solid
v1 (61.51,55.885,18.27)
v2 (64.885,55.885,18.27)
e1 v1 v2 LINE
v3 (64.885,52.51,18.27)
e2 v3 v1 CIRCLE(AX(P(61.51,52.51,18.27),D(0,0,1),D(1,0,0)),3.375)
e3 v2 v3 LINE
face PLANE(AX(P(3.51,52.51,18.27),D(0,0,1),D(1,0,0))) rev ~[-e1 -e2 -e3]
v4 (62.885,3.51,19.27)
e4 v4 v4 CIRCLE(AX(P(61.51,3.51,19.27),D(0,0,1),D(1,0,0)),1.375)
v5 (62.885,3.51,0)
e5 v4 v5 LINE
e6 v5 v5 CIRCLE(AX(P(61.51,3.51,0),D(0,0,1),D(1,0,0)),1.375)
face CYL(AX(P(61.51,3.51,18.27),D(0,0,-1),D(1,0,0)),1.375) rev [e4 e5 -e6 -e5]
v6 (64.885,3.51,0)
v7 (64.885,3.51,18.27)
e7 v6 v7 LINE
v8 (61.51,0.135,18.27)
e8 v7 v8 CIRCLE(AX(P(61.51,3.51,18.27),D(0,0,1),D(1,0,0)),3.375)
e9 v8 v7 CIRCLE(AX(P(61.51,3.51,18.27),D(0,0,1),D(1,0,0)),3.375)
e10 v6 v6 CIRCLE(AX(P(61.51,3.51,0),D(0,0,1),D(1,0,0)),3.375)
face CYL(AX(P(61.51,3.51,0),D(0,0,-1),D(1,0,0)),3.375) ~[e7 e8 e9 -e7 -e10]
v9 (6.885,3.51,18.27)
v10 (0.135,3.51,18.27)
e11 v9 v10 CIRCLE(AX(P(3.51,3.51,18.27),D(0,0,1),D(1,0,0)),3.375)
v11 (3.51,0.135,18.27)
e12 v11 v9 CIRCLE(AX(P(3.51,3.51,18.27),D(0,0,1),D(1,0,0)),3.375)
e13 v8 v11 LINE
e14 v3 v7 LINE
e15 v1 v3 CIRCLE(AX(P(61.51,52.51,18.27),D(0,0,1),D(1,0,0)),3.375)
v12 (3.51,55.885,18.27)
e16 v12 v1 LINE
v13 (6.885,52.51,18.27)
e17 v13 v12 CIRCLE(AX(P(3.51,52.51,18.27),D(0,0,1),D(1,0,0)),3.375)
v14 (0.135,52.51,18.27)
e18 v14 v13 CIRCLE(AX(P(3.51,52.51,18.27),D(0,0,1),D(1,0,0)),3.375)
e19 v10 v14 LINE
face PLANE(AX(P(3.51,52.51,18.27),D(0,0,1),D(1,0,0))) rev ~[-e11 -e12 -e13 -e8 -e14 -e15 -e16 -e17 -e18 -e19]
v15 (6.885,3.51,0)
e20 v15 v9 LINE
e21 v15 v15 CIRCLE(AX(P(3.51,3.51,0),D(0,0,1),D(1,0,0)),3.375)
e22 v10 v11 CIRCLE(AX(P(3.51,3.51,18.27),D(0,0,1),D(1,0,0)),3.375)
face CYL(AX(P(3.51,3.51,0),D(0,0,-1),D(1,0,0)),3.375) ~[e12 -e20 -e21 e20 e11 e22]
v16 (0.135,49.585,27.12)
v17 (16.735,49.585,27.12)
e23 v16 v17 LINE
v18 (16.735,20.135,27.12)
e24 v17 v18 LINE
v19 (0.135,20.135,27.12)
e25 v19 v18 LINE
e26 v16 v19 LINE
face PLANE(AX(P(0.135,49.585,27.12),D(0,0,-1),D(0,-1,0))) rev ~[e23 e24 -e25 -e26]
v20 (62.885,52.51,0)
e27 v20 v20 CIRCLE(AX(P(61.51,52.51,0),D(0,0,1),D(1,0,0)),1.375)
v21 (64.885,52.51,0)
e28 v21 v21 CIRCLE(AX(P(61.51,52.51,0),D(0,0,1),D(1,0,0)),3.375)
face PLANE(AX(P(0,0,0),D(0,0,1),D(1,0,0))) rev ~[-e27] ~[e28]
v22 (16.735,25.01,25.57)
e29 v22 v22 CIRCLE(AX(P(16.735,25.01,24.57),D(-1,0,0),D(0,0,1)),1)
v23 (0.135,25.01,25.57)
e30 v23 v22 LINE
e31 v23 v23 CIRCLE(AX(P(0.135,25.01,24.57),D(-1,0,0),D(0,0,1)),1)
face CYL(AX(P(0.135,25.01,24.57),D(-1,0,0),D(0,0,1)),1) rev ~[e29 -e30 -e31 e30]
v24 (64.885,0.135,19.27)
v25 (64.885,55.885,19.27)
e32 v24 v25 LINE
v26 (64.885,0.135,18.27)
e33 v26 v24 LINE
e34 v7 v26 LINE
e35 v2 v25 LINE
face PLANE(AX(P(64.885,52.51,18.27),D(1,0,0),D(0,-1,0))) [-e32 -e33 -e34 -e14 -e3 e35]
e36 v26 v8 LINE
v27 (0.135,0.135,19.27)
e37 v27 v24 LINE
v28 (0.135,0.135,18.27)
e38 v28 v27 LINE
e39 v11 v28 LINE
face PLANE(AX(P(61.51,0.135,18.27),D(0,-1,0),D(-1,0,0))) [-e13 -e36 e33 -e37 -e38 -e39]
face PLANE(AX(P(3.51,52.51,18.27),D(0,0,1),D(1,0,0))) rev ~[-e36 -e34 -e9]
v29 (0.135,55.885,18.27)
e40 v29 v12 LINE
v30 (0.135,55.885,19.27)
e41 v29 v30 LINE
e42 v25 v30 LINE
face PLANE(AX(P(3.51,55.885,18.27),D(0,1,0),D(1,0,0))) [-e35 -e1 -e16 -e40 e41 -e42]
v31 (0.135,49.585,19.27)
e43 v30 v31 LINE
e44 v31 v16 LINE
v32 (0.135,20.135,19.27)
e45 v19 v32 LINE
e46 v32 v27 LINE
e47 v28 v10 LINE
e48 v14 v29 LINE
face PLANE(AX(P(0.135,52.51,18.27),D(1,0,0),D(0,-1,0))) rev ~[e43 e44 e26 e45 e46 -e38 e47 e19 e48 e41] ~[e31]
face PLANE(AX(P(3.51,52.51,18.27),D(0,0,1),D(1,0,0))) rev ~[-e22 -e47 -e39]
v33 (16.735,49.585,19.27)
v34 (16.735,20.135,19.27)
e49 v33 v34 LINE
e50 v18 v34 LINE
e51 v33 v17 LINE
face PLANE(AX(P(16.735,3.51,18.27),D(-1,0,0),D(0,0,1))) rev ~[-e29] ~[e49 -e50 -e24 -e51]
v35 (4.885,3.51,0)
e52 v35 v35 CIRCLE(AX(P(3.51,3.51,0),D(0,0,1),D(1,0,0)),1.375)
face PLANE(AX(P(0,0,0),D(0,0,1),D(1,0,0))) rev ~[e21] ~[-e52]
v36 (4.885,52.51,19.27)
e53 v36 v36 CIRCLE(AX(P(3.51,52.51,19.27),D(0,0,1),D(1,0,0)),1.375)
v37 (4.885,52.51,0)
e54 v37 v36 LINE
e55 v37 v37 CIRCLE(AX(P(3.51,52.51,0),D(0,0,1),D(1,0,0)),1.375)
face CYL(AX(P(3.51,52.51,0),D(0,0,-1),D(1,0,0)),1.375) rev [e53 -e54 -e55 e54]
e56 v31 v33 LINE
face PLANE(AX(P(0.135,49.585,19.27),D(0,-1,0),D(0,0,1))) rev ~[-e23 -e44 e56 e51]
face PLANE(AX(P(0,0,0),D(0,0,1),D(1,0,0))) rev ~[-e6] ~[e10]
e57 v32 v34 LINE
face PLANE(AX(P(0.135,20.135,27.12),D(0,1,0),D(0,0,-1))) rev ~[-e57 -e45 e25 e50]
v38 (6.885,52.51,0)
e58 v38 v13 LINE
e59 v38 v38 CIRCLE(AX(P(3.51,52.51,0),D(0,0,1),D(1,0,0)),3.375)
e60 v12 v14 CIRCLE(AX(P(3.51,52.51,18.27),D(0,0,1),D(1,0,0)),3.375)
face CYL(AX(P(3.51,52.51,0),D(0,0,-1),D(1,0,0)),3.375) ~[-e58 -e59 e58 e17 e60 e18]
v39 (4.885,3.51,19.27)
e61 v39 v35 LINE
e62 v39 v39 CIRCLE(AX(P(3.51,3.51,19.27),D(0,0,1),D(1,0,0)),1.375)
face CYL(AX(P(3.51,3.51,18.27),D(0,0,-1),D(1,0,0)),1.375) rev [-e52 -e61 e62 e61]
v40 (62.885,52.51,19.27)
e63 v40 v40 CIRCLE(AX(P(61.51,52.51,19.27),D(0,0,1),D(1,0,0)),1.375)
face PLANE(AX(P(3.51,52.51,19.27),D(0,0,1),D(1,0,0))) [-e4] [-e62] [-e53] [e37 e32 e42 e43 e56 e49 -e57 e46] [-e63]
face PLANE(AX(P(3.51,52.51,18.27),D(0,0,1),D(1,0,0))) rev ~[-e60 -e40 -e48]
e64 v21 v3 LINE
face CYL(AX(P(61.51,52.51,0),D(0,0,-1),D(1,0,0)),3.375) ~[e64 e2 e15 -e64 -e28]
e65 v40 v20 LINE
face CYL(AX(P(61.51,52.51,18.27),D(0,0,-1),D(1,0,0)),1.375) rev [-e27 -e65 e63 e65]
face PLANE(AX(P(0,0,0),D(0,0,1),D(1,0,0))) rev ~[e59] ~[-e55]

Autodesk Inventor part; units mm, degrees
ref_plane "YZ Plane" through (0, 0, 0) normal (1, 0, 0) x (0, 1, 0)
ref_plane "XZ Plane" through (0, 0, 0) normal (0, 1, 0) x (-1, 0, 0)
ref_plane "XY Plane" through (0, 0, 0) normal (0, 0, 1) x (1, 0, 0)
ref_plane "Work Plane1" through (0, 0, 0) normal (0, 0, 1) x (1, 0, 0)
sketch "Sketch1" plane through (0, 0, 0) normal (0, 0, 1) x (1, 0, 0)
  circle A0 centre (3.51, 3.51) radius 1.375 projected
  circle A1 centre (3.51, 52.51) radius 1.375 projected
  circle A2 centre (61.51, 3.51) radius 1.375 projected
  circle A3 centre (61.51, 52.51) radius 1.375 projected
  arc A4 (81.9342, 0.01) -> (84.9342, 3.01) centre (81.9342, 3.01) ccw projected
  line L0 (84.9342, 53.01) -> (84.9342, 3.01) projected
  arc A5 (84.9342, 53.01) -> (81.9342, 56.01) centre (81.9342, 53.01) ccw projected
  line L1 (3.01, 56.01) -> (81.9342, 56.01) projected
  arc A6 (3.01, 56.01) -> (0.01, 53.01) centre (3.01, 53.01) ccw projected
  line L2 (0.01, 3.01) -> (0.01, 53.01) projected
  arc A7 (0.01, 3.01) -> (3.01, 0.01) centre (3.01, 3.01) ccw projected
  line L3 (81.9342, 0.01) -> (3.01, 0.01) projected
  circle A8 centre (62.7211, 47.7874) radius 0.5 projected
  circle A9 centre (60.1799, 47.7874) radius 0.5 projected
  circle A10 centre (17.8493, 49.9216) radius 0.2 projected
  circle A11 centre (36.5812, 39.2893) radius 0.2 projected
  circle A12 centre (37.5476, 38.3302) radius 0.2 projected
  circle A13 centre (39.0559, 38.3448) radius 0.2 projected
  circle A14 centre (40.0809, 38.3448) radius 0.2 projected
  circle A15 centre (38.7337, 39.7432) radius 0.2 projected
  circle A16 centre (39.356, 39.8091) radius 0.2 projected
  circle A17 centre (40.0296, 39.8164) radius 0.2 projected
  circle A18 centre (40.652, 39.6993) radius 0.2 projected
  circle A19 centre (41.0117, 20.1437) radius 0.2 projected
  circle A20 centre (41.1526, 21.0771) radius 0.2 projected
  circle A21 centre (40.2016, 21.3941) radius 0.2 projected
  circle A22 centre (38.7222, 22.8029) radius 0.2 projected
  circle A23 centre (41.452, 24.5993) radius 0.2 projected
  circle A24 centre (46.094, 34.1738) radius 0.2 projected
  circle A25 centre (46.11, 35.2296) radius 0.2 projected
  circle A26 centre (48.0215, 37.8609) radius 0.2 projected
  circle A27 centre (47.3576, 38.0529) radius 0.2 projected
  circle A28 centre (47.9175, 36.9172) radius 0.2 projected
  circle A29 centre (46.8138, 36.0454) radius 0.2 projected
  line L4 (46.452, 40.0993) -> (47.1053, 40.0993) projected
  line L5 (47.1053, 39.6568) -> (47.1053, 40.0993) projected
  line L6 (47.1053, 39.6568) -> (46.452, 39.6568) projected
  line L7 (46.452, 40.0993) -> (46.452, 39.6568) projected
  line L8 (46.4251, 39.252) -> (47.1215, 39.252) projected
  line L9 (47.1215, 38.669) -> (47.1215, 39.252) projected
  line L10 (47.1215, 38.669) -> (46.4251, 38.669) projected
  line L11 (46.4251, 39.252) -> (46.4251, 38.669) projected
  circle A30 centre (12.8532, 47.0439) radius 0.2 projected
  circle A31 centre (5.3847, 46.2615) radius 0.2 projected
  circle A32 centre (5.029, 47.2573) radius 0.2 projected
  circle A33 centre (7.2696, 46.5104) radius 0.2 projected
  circle A34 centre (5.1535, 44.6611) radius 0.2 projected
  circle A35 centre (5.5447, 43.203) radius 0.2 projected
  circle A36 centre (5.7581, 42.4739) radius 0.2 projected
  circle A37 centre (14.0851, 44.6759) radius 0.2 projected
  circle A38 centre (14.166, 45.5261) radius 0.2 projected
  circle A39 centre (13.0628, 44.5342) radius 0.2 projected
  circle A40 centre (37.5714, 47.3662) radius 0.2 projected
  circle A41 centre (17.0041, 47.6564) radius 0.2 projected
  circle A42 centre (16.08, 48.5805) radius 0.2 projected
  circle A43 centre (20.2948, 49.6511) radius 0.2 projected
  circle A44 centre (19.8102, 47.3409) radius 0.2 projected
  circle A45 centre (17.7479, 46.9239) radius 0.2 projected
  circle A46 centre (18.3339, 46.2027) radius 0.2 projected
  circle A47 centre (18.1649, 45.4138) radius 0.2 projected
  circle A48 centre (18.1311, 44.7489) radius 0.2 projected
  circle A49 centre (19.3482, 45.0419) radius 0.2 projected
  circle A50 centre (22.5712, 45.549) radius 0.2 projected
  circle A51 centre (22.4585, 43.2275) radius 0.2 projected
  circle A52 centre (20.2159, 42.1457) radius 0.2 projected
  circle A53 centre (21.0611, 42.1457) radius 0.2 projected
  circle A54 centre (22.9995, 39.7903) radius 0.2 projected
  circle A55 centre (24.9716, 40.7032) radius 0.2 projected
  circle A56 centre (24.1377, 41.8527) radius 0.2 projected
  circle A57 centre (26.2225, 45.0081) radius 0.2 projected
  circle A58 centre (28.7244, 47.7917) radius 0.2 projected
  circle A59 centre (29.7799, 44.7027) radius 0.2 projected
  circle A60 centre (26.4936, 42.0617) radius 0.2 projected
  circle A61 centre (27.2653, 42.0617) radius 0.2 projected
  circle A62 centre (28.1501, 41.7889) radius 0.2 projected
  circle A63 centre (28.5891, 44.6362) radius 0.2 projected
  circle A64 centre (41.8541, 33.8303) radius 0.2 projected
  circle A65 centre (39.0881, 33.1764) radius 0.2 projected
  circle A66 centre (39.2384, 32.3947) radius 0.2 projected
  circle A67 centre (37.5172, 32.7555) radius 0.2 projected
  circle A68 centre (37.5548, 31.1696) radius 0.2 projected
  circle A69 centre (37.1489, 32.2143) radius 0.2 projected
  circle A70 centre (38.9002, 30.9591) radius 0.2 projected
  circle A71 centre (47.0528, 27.6624) radius 0.2 projected
  circle A72 centre (46.4175, 27.734) radius 0.2 projected
  circle A73 centre (45.7286, 27.6892) radius 0.2 projected
  circle A74 centre (46.8112, 29.1834) radius 0.2 projected
  circle A75 centre (45.9523, 29.1834) radius 0.2 projected
  circle A76 centre (45.8002, 30.6954) radius 0.2 projected
  circle A77 centre (39.8415, 32.4043) radius 0.2 projected
  circle A78 centre (45.1292, 30.6954) radius 0.2 projected
  circle A79 centre (44.6281, 30.1407) radius 0.2 projected
  circle A80 centre (11.6818, 11.7476) radius 0.2 projected
  circle A81 centre (9.0575, 7.6392) radius 0.2 projected
  circle A82 centre (10.5992, 8.0511) radius 0.2 projected
  circle A83 centre (9.3108, 11.4405) radius 0.2 projected
  circle A84 centre (24.4942, 19.3962) radius 0.2 projected
  circle A85 centre (23.8972, 20.7096) radius 0.2 projected
  circle A86 centre (23.7266, 21.6478) radius 0.2 projected
  circle A87 centre (20.298, 18.9527) radius 0.2 projected
  circle A88 centre (19.6328, 19.9762) radius 0.2 projected
  circle A89 centre (20.2639, 22.6201) radius 0.2 projected
  circle A90 centre (21.2191, 16.0359) radius 0.2 projected
  circle A91 centre (19.7863, 17.0082) radius 0.2 projected
  circle A92 centre (16.0388, 20.435) radius 0.2 projected
  circle A93 centre (15.5322, 21.0917) radius 0.2 projected
  circle A94 centre (15.0443, 19.9472) radius 0.2 projected
  circle A95 centre (12.8303, 17.8457) radius 0.2 projected
  circle A96 centre (12.9991, 14.1306) radius 0.2 projected
  circle A97 centre (12.8115, 21.2981) radius 0.2 projected
  circle A98 centre (10.8789, 20.754) radius 0.2 projected
  circle A99 centre (9.8657, 21.0542) radius 0.2 projected
  circle A100 centre (7.4264, 20.8478) radius 0.2 projected
  circle A101 centre (15.9825, 23.3996) radius 0.2 projected
  circle A102 centre (18.2528, 25.1446) radius 0.2 projected
  circle A103 centre (18.0464, 26.3642) radius 0.2 projected
  circle A104 centre (40.4141, 32.3685) radius 0.2 projected
  circle A105 centre (39.8773, 31.1696) radius 0.2 projected
  circle A106 centre (40.4499, 31.1875) radius 0.2 projected
  circle A107 centre (41.0404, 31.1964) radius 0.2 projected
  circle A108 centre (42.5704, 29.7112) radius 0.2 projected
  circle A109 centre (41.2194, 29.7381) radius 0.2 projected
  circle A110 centre (40.2263, 29.7381) radius 0.2 projected
  circle A111 centre (40.7362, 29.2907) radius 0.2 projected
  circle A112 centre (40.1636, 29.1655) radius 0.2 projected
  circle A113 centre (43.3487, 27.7698) radius 0.2 projected
  circle A114 centre (41.9799, 27.7966) radius 0.2 projected
  circle A115 centre (40.6647, 27.6982) radius 0.2 projected
  circle A116 centre (39.9579, 27.5908) radius 0.2 projected
  circle A117 centre (39.5373, 29.3444) radius 0.2 projected
  circle A118 centre (38.92, 29.2549) radius 0.2 projected
  circle A119 centre (37.2827, 29.6218) radius 0.2 projected
  circle A120 centre (36.0749, 28.4139) radius 0.2 projected
  circle A121 centre (29.1907, 24.3381) radius 0.2 projected
  circle A122 centre (27.6996, 24.2884) radius 0.2 projected
  circle A123 centre (28.4949, 23.0706) radius 0.2 projected
  circle A124 centre (14.427, 28.8264) radius 0.2 projected
  circle A125 centre (2.9207, 47.9664) radius 0.2 projected
  circle A126 centre (7.0703, 48.4466) radius 0.2 projected
  circle A127 centre (7.5505, 49.3039) radius 0.2 projected
  circle A128 centre (15.1467, 49.7326) radius 0.2 projected
  circle A129 centre (14.0493, 49.3897) radius 0.2 projected
  circle A130 centre (14.658, 47.5806) radius 0.2 projected
  circle A131 centre (12.3002, 49.4497) radius 0.2 projected
  circle A132 centre (7.7168, 40.9892) radius 0.2 projected
  circle A133 centre (10.4087, 42.9755) radius 0.2 projected
  circle A134 centre (10.2127, 42.4005) radius 0.2 projected
  circle A135 centre (10.6701, 41.9039) radius 0.2 projected
  circle A136 centre (10.1082, 41.3159) radius 0.2 projected
  circle A137 centre (13.9239, 42.1391) radius 0.2 projected
  circle A138 centre (14.0284, 41.4073) radius 0.2 projected
  circle A139 centre (12.0552, 41.2244) radius 0.2 projected
  circle A140 centre (12.6433, 40.8454) radius 0.2 projected
  circle A141 centre (8.5139, 32.5345) radius 0.2 projected
  circle A142 centre (8.2918, 33.0964) radius 0.2 projected
  circle A143 centre (12.8001, 34.4554) radius 0.2 projected
  circle A144 centre (13.5972, 34.4162) radius 0.2 projected
  circle A145 centre (9.5201, 36.5593) radius 0.2 projected
  circle A146 centre (7.5992, 37.0167) radius 0.2 projected
  circle A147 centre (11.8723, 39.2904) radius 0.2 projected
  circle A148 centre (12.7609, 39.8262) radius 0.2 projected
  circle A149 centre (14.1591, 39.8784) radius 0.2 projected
  circle A150 centre (14.146, 38.9376) radius 0.2 projected
  circle A151 centre (13.1784, 11.4642) radius 0.2 projected
  circle A152 centre (18.3991, 11.0833) radius 0.2 projected
  circle A153 centre (19.0937, 10.792) radius 0.2 projected
  circle A154 centre (20.819, 12.8086) radius 0.2 projected
  circle A155 centre (17.7493, 13.6152) radius 0.2 projected
  circle A156 centre (16.6962, 13.5928) radius 0.2 projected
  circle A157 centre (3.9784, 11.7596) radius 0.2 projected
  circle A158 centre (4.865, 11.9936) radius 0.2 projected
  circle A159 centre (1.0352, 16.5993) radius 0.2 projected
  circle A160 centre (0.9613, 17.3874) radius 0.2 projected
  circle A161 centre (1.0967, 19.5917) radius 0.2 projected
  circle A162 centre (6.3428, 16.5008) radius 0.2 projected
  circle A163 centre (6.3551, 17.8923) radius 0.2 projected
  circle A164 centre (7.1076, 30.2668) radius 0.2 projected
  circle A165 centre (7.0255, 27.339) radius 0.2 projected
  circle A166 centre (7.0392, 24.3017) radius 0.2 projected
  circle A167 centre (10.8426, 27.3527) radius 0.2 projected
  circle A168 centre (7.2488, 32.9091) radius 0.2 projected
  circle A169 centre (9.1368, 34.4688) radius 0.2 projected
  circle A170 centre (14.1852, 37.9575) radius 0.2 projected
  circle A171 centre (14.0758, 37.0956) radius 0.2 projected
  circle A172 centre (14.1579, 36.4799) radius 0.2 projected
  circle A173 centre (18.4675, 36.261) radius 0.2 projected
  circle A174 centre (19.2676, 35.2967) radius 0.2 projected
  circle A175 centre (13.3428, 33.2614) radius 0.2 projected
  circle A176 centre (13.4898, 32.4473) radius 0.2 projected
  circle A177 centre (12.6898, 32.1644) radius 0.2 projected
  circle A178 centre (11.4913, 31.1129) radius 0.2 projected
  circle A179 centre (16.4974, 28.75) radius 0.2 projected
  circle A180 centre (11.6806, 26.3755) radius 0.2 projected
  circle A181 centre (11.8276, 27.3253) radius 0.2 projected
  circle A182 centre (13.8092, 30.8641) radius 0.2 projected
  circle A183 centre (13.7407, 30.1903) radius 0.2 projected
  circle A184 centre (13.6493, 28.7855) radius 0.2 projected
  circle A185 centre (13.7635, 26.5013) radius 0.2 projected
  circle A186 centre (13.7064, 27.3236) radius 0.2 projected
  circle A187 centre (18.0693, 28.8654) radius 0.2 projected
  circle A188 centre (18.2749, 27.1865) radius 0.2 projected
  circle A189 centre (18.4233, 25.7475) radius 0.2 projected
  circle A190 centre (42.354, 45.4661) radius 0.2 projected
  circle A191 centre (43.2414, 45.549) radius 0.2 projected
  circle A192 centre (44.1537, 45.5573) radius 0.2 projected
  circle A193 centre (40.3139, 42.522) radius 0.2 projected
  circle A194 centre (42.8516, 41.6098) radius 0.2 projected
  circle A195 centre (39.4431, 43.6167) radius 0.2 projected
  circle A196 centre (40.3968, 43.5835) radius 0.2 projected
  circle A197 centre (41.5081, 43.6001) radius 0.2 projected
  circle A198 centre (84.1123, 38.0141) radius 0.2 projected
  circle A199 centre (79.6259, 38.2091) radius 0.2 projected
  circle A200 centre (48.1699, 12.8899) radius 0.2 projected
  circle A201 centre (65.0598, 17.0332) radius 0.2 projected
  circle A202 centre (64.2609, 17.846) radius 0.2 projected
  circle A203 centre (68.3812, 24.4748) radius 0.2 projected
  circle A204 centre (68.2971, 22.3026) radius 0.2 projected
  circle A205 centre (67.4983, 20.5227) radius 0.2 projected
  circle A206 centre (64.4571, 24.9933) radius 0.2 projected
  circle A207 centre (63.364, 22.1204) radius 0.2 projected
  circle A208 centre (53.5119, 27.0534) radius 0.2 projected
  circle A209 centre (55.3618, 26.0164) radius 0.2 projected
  circle A210 centre (56.1186, 28.6511) radius 0.2 projected
  circle A211 centre (57.0435, 28.609) radius 0.2 projected
  circle A212 centre (58.5431, 28.4549) radius 0.2 projected
  circle A213 centre (60.0706, 28.525) radius 0.2 projected
  circle A214 centre (60.7777, 25.9208) radius 0.2 projected
  circle A215 centre (61.0198, 26.5324) radius 0.2 projected
  circle A216 centre (62.0645, 25.8953) radius 0.2 projected
  circle A217 centre (61.7333, 26.4559) radius 0.2 projected
  circle A218 centre (61.7842, 28.5199) radius 0.2 projected
  circle A219 centre (62.6123, 28.5199) radius 0.2 projected
  circle A220 centre (63.6443, 28.609) radius 0.2 projected
  circle A221 centre (64.4229, 28.4392) radius 0.2 projected
  circle A222 centre (65.1448, 32.1056) radius 0.2 projected
  circle A223 centre (65.1732, 34.6395) radius 0.2 projected
  circle A224 centre (65.4563, 35.2765) radius 0.2 projected
  circle A225 centre (65.1448, 37.2159) radius 0.2 projected
  circle A226 centre (64.9891, 38.1502) radius 0.2 projected
  circle A227 centre (63.6585, 39.2402) radius 0.2 projected
  circle A228 centre (62.5543, 40.4151) radius 0.2 projected
  circle A229 centre (60.2327, 40.3868) radius 0.2 projected
  circle A230 centre (55.0516, 40.2452) radius 0.2 projected
  circle A231 centre (49.2898, 45.5976) radius 0.2 projected
  circle A232 centre (47.7592, 43.8525) radius 0.2 projected
  circle A233 centre (45.1074, 43.3845) radius 0.2 projected
  circle A234 centre (47.6032, 41.8636) radius 0.2 projected
  circle A235 centre (47.8469, 41.1909) radius 0.2 projected
  circle A236 centre (46.5503, 40.7327) radius 0.2 projected
  circle A237 centre (45.9653, 40.1088) radius 0.2 projected
  circle A238 centre (44.2982, 39.7578) radius 0.2 projected
  circle A239 centre (43.6547, 39.709) radius 0.2 projected
  circle A240 centre (45.162, 36.0312) radius 0.2 projected
  circle A241 centre (43.4561, 36.6901) radius 0.2 projected
  circle A242 centre (42.702, 36.0385) radius 0.2 projected
  circle A243 centre (37.7966, 35.2917) radius 0.2 projected
  circle A244 centre (40.0589, 34.684) radius 0.2 projected
  circle A245 centre (39.195, 35.1892) radius 0.2 projected
  circle A246 centre (40.1102, 35.2551) radius 0.2 projected
  circle A247 centre (38.8875, 36.2069) radius 0.2 projected
  circle A248 centre (39.4952, 36.3899) radius 0.2 projected
  circle A249 centre (40.4762, 36.324) radius 0.2 projected
  circle A250 centre (40.1687, 36.8658) radius 0.2 projected
  circle A251 centre (40.8863, 36.9683) radius 0.2 projected
  circle A252 centre (42.5702, 37.986) radius 0.2 projected
  circle A253 centre (40.3225, 37.4589) radius 0.2 projected
  circle A254 centre (37.5989, 36.756) radius 0.2 projected
  circle A255 centre (42.5556, 37.166) radius 0.2 projected
  circle A256 centre (39.0485, 37.5101) radius 0.2 projected
  circle A257 centre (11.5458, 48.2837) radius 0.2 projected
  circle A258 centre (11.6829, 47.1262) radius 0.2 projected
  circle A259 centre (12.1519, 45.2427) radius 0.2 projected
  circle A260 centre (12.1872, 44.2312) radius 0.2 projected
  circle A261 centre (11.2111, 44.243) radius 0.2 projected
  circle A262 centre (8.365, 45.4544) radius 0.2 projected
  circle A263 centre (8.4002, 44.8663) radius 0.2 projected
  circle A264 centre (8.2238, 43.8431) radius 0.2 projected
  circle A265 centre (5.9893, 41.6203) radius 0.2 projected
  circle A266 centre (11.9376, 38.0098) radius 0.2 projected
  circle A267 centre (11.6632, 36.4155) radius 0.2 projected
  circle A268 centre (6.789, 41.8908) radius 0.2 projected
  circle A269 centre (7.4947, 41.9039) radius 0.2 projected
  circle A270 centre (6.5277, 40.179) radius 0.2 projected
  circle A271 centre (6.5669, 39.3688) radius 0.2 projected
  circle A272 centre (7.0373, 38.5586) radius 0.2 projected
  circle A273 centre (7.7037, 39.3035) radius 0.2 projected
  circle A274 centre (8.723, 40.4926) radius 0.2 projected
  circle A275 centre (8.344, 39.5779) radius 0.2 projected
  circle A276 centre (7.8736, 40.2182) radius 0.2 projected
  circle A277 centre (29.1549, 13.7915) radius 0.2 projected
  circle A278 centre (27.3819, 14.6837) radius 0.2 projected
  circle A279 centre (29.0062, 15.6674) radius 0.2 projected
  circle A280 centre (29.0977, 14.5922) radius 0.2 projected
  circle A281 centre (29.052, 12.8993) radius 0.2 projected
  circle A282 centre (26.1923, 13.883) radius 0.2 projected
  circle A283 centre (25.5517, 17.4176) radius 0.2 projected
  circle A284 centre (19.1306, 7.859) radius 0.2 projected
  circle A285 centre (22.4633, 13.0937) radius 0.2 projected
  circle A286 centre (22.052, 4.6993) radius 0.2 projected
  circle A287 centre (23.0683, 2.2713) radius 0.2 projected
  circle A288 centre (22.9648, 1.2738) radius 0.2 projected
  circle A289 centre (20.7156, 1.2832) radius 0.2 projected
  circle A290 centre (18.9182, 1.2173) radius 0.2 projected
  circle A291 centre (20.5745, 4.8781) radius 0.2 projected
  circle A292 centre (17.0737, 4.0311) radius 0.2 projected
  circle A293 centre (20.1698, 6.2332) radius 0.2 projected
  circle A294 centre (16.2361, 4.1911) radius 0.2 projected
  circle A295 centre (9.7989, 7.2391) radius 0.2 projected
  circle A296 centre (3.51, 52.51) radius 1.375 projected
  circle A297 centre (3.51, 3.51) radius 1.375 projected
  circle A298 centre (61.51, 3.51) radius 1.375 projected
  circle A299 centre (61.51, 52.51) radius 1.375 projected
  circle A300 centre (9.2652, 49.8784) radius 0.2 projected
  circle A301 centre (3.51, 52.51) radius 3.375
  circle A302 centre (3.51, 3.51) radius 3.375
  circle A303 centre (61.51, 52.51) radius 3.375
  circle A304 centre (61.51, 3.51) radius 3.375
  point P0 (0, 0)
  dimension "d0" = 2
  dimension "d1" = 2
  dimension "d2" = 2
  dimension "d3" = 2
extrude "Extrusion1" add sketch "Sketch1" along normal blind 18.27 contours A301 | A302 | A303 | A304
sketch "Sketch2" plane through (3.51, 52.51, 18.27) normal (0, 0, 1) x (1, 0, 0)
  circle A0 centre (0, 0) radius 1.375 projected
  circle A1 centre (0, 0) radius 3.375 projected
  circle A2 centre (0, -49) radius 1.375 projected
  circle A3 centre (0, -49) radius 3.375 projected
  circle A4 centre (58, -49) radius 1.375 projected
  circle A5 centre (58, -49) radius 1.375 projected
  circle A6 centre (58, -49) radius 3.375 projected
  circle A7 centre (58, 0) radius 1.375 projected
  circle A8 centre (58, 0) radius 3.375 projected
  line L0 (-3.375, 0) -> (-3.375, -49)
  line L1 (0, 3.375) -> (58, 3.375)
  circle A9 centre (58, 0) radius 3.375 projected
  line L2 (61.375, 0) -> (61.375, -49)
  line L3 (58, -52.375) -> (0, -52.375)
  line L4 (-3.375, 3.375) -> (61.375, 3.375)
  line L5 (61.375, 3.375) -> (61.375, -52.375)
  line L6 (61.375, -52.375) -> (-3.375, -52.375)
  line L7 (-3.375, -52.375) -> (-3.375, 3.375)
  point P0 (-3.51, -52.51)
extrude "Extrusion2" add sketch "Sketch2" along normal blind 1
sketch "Sketch3" plane through (0.135, 3.51, 18.27) normal (-1, 0, 0) x (0, 0, 1)
  line L0 (1, 52.375) -> (1, -3.375) projected
  line L1 (0, -3.375) -> (0, 0) projected
  line L2 (0, -3.375) -> (1, -3.375) projected
  line L3 (1, 52.375) -> (1, -3.375) projected
  line L4 (0, 52.375) -> (1, 52.375) projected
  line L5 (0, 49) -> (0, 52.375) projected
  line L6 (0, 0) -> (0, 49) projected
  line L7 (1, 46.075) -> (8.85, 46.075)
  line L8 (8.85, 46.075) -> (8.85, 16.625)
  line L9 (8.85, 16.625) -> (1, 16.625)
  line L10 (1, 16.625) -> (1, 46.075)
  line L11 (-19.6, 49.5) -> (-19.6, -0.5) projected
  circle A0 centre (6.3, 21.5) radius 1
  line L12 (-19.6, 52.5) -> (-18.27, 52.5) projected
  point P0 (-18.27, -3.51)
  dimension "d8" = 6.3
  dimension "d9" = 20
  dimension "d10" = 28.45
  dimension "d11" = 2
  dimension "d12" = 25.9
  dimension "d13" = 31
extrude "Extrusion3" add sketch "Sketch3" against normal blind 16.6 contours L7 L8 L9 L0
properties part number "00_Anybeam_Nebra_HAT"
